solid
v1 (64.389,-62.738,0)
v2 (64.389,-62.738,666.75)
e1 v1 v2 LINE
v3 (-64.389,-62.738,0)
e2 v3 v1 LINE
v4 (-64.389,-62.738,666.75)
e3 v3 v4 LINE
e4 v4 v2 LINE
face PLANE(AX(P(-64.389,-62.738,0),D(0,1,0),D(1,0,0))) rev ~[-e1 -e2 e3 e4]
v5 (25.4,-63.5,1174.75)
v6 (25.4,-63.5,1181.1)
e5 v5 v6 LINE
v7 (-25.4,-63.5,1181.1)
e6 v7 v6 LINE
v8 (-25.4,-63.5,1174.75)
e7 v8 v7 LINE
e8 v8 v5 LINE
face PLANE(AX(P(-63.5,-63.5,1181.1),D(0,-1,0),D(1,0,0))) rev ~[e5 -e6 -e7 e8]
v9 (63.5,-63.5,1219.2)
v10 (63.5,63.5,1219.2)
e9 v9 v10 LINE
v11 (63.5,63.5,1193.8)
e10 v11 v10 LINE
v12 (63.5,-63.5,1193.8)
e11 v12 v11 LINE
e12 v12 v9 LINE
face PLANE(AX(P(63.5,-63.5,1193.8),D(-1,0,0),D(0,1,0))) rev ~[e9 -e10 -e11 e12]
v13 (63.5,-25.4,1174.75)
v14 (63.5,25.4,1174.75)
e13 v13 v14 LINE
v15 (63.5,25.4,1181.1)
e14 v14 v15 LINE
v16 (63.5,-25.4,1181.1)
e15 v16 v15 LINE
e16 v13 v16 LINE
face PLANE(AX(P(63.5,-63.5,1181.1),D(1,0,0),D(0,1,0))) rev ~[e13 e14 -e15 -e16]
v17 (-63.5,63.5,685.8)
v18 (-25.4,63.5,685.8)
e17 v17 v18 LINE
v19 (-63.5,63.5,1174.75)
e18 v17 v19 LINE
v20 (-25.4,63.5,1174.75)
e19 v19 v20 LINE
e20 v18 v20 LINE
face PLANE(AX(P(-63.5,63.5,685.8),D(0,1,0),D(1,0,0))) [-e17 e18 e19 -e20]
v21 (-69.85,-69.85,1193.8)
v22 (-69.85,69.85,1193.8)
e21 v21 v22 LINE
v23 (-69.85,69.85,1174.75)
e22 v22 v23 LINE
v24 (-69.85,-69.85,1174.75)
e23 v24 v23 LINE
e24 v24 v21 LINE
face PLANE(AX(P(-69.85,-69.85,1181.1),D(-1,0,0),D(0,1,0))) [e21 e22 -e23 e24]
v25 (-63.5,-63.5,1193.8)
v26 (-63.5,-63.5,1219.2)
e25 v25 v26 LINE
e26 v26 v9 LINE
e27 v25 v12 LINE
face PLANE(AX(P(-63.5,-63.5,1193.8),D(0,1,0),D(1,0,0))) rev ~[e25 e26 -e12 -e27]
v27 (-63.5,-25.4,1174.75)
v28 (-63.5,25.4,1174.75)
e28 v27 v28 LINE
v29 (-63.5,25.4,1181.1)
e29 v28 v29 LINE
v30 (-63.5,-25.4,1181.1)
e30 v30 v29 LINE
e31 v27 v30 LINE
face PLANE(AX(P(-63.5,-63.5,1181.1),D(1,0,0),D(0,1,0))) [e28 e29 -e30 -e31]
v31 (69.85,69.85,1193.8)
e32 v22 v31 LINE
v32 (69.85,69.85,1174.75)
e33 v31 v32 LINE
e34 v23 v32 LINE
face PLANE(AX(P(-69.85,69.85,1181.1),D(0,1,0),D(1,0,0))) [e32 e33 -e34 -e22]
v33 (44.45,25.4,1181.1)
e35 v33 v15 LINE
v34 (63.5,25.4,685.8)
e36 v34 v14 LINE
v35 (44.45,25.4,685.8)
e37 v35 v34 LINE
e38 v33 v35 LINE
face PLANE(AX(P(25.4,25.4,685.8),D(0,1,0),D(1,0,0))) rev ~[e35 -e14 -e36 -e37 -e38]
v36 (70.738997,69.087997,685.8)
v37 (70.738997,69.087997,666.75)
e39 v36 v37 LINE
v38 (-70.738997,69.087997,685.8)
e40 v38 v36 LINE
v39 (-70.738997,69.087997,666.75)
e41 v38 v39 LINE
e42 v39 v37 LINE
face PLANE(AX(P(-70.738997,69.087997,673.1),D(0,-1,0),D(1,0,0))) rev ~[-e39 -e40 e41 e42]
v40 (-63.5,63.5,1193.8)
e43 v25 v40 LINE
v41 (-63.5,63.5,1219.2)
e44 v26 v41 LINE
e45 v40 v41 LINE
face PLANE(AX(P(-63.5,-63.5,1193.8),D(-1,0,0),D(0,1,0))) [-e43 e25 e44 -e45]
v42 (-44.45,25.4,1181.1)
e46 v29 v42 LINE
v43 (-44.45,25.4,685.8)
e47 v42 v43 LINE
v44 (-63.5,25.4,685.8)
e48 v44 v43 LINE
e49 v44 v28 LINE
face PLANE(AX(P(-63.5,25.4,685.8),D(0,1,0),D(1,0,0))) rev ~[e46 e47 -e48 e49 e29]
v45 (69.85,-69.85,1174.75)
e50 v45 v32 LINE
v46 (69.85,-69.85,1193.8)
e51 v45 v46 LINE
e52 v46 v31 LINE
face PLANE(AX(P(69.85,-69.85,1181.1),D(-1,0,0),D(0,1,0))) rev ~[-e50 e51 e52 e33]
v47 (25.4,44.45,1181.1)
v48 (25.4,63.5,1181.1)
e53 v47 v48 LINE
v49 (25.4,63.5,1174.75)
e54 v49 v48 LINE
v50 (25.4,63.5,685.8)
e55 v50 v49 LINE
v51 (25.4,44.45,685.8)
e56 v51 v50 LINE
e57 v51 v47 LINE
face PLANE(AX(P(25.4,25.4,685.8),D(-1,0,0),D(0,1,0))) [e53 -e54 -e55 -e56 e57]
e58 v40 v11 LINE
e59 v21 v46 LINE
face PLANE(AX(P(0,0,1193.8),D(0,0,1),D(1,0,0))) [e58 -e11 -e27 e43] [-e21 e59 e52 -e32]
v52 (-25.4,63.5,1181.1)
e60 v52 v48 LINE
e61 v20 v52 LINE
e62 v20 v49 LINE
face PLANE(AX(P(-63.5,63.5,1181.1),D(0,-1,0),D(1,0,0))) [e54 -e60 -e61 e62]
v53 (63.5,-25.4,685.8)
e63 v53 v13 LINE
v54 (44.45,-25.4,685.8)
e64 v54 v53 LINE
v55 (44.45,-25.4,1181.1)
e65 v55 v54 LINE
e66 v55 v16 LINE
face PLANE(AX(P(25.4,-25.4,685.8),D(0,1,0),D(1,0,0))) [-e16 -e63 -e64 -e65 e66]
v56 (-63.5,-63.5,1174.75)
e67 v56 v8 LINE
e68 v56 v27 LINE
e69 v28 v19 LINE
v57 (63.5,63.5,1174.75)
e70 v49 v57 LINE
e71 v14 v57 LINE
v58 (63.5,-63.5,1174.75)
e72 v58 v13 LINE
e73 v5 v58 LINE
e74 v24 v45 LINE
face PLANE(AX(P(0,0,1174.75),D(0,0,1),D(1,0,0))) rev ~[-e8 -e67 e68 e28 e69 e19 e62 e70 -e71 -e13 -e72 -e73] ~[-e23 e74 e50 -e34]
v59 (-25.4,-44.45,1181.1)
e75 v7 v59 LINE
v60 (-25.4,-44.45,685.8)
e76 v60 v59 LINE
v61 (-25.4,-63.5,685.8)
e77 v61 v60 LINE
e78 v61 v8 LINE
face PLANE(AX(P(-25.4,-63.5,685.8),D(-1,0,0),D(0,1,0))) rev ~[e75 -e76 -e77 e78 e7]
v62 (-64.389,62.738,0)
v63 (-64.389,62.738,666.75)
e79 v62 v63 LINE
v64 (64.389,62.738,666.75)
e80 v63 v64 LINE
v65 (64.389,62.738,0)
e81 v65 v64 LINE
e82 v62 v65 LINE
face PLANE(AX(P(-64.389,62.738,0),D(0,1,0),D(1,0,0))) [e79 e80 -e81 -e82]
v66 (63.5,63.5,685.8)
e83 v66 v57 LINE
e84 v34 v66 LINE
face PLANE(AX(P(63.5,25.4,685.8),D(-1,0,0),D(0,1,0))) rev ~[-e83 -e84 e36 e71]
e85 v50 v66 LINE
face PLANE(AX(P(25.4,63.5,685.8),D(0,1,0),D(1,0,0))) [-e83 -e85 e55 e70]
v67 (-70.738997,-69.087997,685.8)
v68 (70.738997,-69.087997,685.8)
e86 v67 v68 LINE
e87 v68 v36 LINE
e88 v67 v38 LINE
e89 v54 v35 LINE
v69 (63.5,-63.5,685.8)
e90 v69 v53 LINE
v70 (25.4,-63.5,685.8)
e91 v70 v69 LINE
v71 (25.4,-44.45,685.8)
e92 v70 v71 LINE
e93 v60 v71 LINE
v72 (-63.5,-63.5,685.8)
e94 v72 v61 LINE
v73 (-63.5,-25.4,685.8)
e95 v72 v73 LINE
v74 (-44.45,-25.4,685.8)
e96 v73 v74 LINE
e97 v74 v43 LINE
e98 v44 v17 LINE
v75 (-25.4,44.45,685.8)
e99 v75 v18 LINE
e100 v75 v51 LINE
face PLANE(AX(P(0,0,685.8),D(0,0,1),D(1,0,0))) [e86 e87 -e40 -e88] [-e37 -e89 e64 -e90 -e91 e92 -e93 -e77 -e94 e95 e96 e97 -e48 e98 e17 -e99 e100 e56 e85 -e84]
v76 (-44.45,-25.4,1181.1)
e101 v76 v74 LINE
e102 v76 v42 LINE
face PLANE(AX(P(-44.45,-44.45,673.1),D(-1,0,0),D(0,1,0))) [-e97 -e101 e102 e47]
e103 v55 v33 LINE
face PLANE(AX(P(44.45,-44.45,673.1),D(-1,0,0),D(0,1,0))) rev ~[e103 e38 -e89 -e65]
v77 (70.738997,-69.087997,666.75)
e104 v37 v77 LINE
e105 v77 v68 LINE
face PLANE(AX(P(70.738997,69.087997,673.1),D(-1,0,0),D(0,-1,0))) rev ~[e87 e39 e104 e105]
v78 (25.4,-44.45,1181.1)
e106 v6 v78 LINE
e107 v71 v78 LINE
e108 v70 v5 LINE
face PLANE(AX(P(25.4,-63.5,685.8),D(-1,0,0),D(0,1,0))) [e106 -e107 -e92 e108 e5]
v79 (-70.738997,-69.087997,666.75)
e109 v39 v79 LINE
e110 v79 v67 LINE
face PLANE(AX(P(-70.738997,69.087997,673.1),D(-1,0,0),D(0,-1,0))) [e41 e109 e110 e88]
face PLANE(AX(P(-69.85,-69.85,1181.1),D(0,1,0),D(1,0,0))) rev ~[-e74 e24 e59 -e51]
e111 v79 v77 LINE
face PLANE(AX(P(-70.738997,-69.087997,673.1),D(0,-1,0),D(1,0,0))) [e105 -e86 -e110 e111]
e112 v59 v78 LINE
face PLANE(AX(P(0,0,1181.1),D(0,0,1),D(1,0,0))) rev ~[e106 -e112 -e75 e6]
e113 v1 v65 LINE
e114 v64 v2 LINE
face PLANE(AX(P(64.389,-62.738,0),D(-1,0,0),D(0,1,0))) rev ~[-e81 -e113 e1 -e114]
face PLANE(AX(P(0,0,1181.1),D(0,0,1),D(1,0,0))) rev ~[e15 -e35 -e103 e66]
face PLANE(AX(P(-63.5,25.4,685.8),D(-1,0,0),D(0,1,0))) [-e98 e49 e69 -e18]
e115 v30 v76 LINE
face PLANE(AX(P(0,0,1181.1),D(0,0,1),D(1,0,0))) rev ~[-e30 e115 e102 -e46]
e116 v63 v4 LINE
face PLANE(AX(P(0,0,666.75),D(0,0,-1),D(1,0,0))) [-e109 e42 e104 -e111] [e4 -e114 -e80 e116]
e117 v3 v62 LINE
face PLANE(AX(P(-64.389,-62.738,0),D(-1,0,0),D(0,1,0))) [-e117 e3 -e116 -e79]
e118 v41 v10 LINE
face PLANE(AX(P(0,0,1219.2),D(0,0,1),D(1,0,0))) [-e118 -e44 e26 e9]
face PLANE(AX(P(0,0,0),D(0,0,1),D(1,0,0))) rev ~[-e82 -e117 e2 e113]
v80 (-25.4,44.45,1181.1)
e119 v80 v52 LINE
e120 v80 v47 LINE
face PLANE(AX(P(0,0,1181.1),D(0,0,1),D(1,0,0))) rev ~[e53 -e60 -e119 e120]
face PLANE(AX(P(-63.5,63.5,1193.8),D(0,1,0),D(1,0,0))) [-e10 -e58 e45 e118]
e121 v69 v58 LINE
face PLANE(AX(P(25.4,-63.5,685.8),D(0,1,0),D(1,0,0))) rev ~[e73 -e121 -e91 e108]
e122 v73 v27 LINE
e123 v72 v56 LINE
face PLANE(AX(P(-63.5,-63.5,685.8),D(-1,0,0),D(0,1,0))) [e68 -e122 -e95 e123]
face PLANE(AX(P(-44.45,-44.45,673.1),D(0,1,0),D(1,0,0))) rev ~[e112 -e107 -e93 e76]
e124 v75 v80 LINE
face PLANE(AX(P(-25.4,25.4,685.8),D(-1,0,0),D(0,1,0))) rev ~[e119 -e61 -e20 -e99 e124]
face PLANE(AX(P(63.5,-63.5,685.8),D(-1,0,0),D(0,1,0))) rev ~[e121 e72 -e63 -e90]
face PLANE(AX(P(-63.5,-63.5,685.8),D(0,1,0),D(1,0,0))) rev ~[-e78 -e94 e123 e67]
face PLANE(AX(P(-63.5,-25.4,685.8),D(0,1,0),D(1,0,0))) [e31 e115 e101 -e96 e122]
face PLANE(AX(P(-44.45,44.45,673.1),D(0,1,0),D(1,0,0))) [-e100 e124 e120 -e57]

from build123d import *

# Parameters (mm, degrees)
F0_W      = 128.778
F0_H      = 125.476
F1_DEPTH  = 673.1
F2_W      = 88.9
F2_H      = 88.9
F3_DEPTH  = 508
F4_W      = 141.477994
F4_H      = 138.175994
F4_W_2    = 88.9
F4_H_2    = 88.9
F5_DEPTH  = 12.7
F6_W      = 141.477994
F6_H      = 138.175994
F6_W_2    = 128.778
F6_H_2    = 125.476
F7_DEPTH  = 6.35
F8_W      = 38.1
F8_H      = 38.1
F9_DEPTH  = 495.3
F10_W     = 139.7
F10_H     = 139.7
F10_W_2   = 127
F10_H_2   = 127
F11_DEPTH = 6.35
F12_W     = 139.7
F12_H     = 139.7
F13_DEPTH = 12.7
F14_W     = 127
F14_H     = 127
F15_DEPTH = 25.4


with BuildPart() as f1:
    # F0 (on Top) → F1 (new body)
    with BuildSketch(Plane.XY):
        Rectangle(F0_W, F0_H)
    extrude(amount=F1_DEPTH)

    # F2 (on face) → F3 (join)
    with BuildSketch(Plane.XY.offset(673.1)):
        Rectangle(F2_W, F2_H)
    extrude(amount=F3_DEPTH)

    # F4 (on face) → F5 (join)
    with BuildSketch(Plane.XY.offset(673.1)):
        Rectangle(F4_W, F4_H)
        Rectangle(F4_W_2, F4_H_2, mode=Mode.SUBTRACT)
    extrude(amount=F5_DEPTH)

    # F6 (on face) → F7 (join)
    with BuildSketch(Plane(origin=(0, 0, 673.1), x_dir=(1, 0, 0), z_dir=(0, 0, -1))):
        Rectangle(F6_W, F6_H)
        Rectangle(F6_W_2, F6_H_2, mode=Mode.SUBTRACT)
    extrude(amount=F7_DEPTH)

    # F8 (on face) → F9 (join)
    with BuildSketch(Plane.XY.offset(685.8)):
        with Locations((44.45, 44.45)):
            Rectangle(F8_W, F8_H)
        with Locations((44.45, -44.45)):
            Rectangle(F8_W, F8_H)
        with Locations((-44.45, -44.45)):
            Rectangle(F8_W, F8_H)
        with Locations((-44.45, 44.45)):
            Rectangle(F8_W, F8_H)
    extrude(amount=F9_DEPTH)

    # F10 (on face) → F11 (join)
    with BuildSketch(Plane.XY.offset(1181.1)):
        Rectangle(F10_W, F10_H)
        Rectangle(F10_W_2, F10_H_2, mode=Mode.SUBTRACT)
    extrude(amount=-F11_DEPTH)

    # F12 (on face) → F13 (join)
    with BuildSketch(Plane.XY.offset(1181.1)):
        Rectangle(F12_W, F12_H)
    extrude(amount=F13_DEPTH)

    # F14 (on face) → F15 (join)
    with BuildSketch(Plane.XY.offset(1193.8)):
        Rectangle(F14_W, F14_H)
    extrude(amount=F15_DEPTH)


solid = f1.part
